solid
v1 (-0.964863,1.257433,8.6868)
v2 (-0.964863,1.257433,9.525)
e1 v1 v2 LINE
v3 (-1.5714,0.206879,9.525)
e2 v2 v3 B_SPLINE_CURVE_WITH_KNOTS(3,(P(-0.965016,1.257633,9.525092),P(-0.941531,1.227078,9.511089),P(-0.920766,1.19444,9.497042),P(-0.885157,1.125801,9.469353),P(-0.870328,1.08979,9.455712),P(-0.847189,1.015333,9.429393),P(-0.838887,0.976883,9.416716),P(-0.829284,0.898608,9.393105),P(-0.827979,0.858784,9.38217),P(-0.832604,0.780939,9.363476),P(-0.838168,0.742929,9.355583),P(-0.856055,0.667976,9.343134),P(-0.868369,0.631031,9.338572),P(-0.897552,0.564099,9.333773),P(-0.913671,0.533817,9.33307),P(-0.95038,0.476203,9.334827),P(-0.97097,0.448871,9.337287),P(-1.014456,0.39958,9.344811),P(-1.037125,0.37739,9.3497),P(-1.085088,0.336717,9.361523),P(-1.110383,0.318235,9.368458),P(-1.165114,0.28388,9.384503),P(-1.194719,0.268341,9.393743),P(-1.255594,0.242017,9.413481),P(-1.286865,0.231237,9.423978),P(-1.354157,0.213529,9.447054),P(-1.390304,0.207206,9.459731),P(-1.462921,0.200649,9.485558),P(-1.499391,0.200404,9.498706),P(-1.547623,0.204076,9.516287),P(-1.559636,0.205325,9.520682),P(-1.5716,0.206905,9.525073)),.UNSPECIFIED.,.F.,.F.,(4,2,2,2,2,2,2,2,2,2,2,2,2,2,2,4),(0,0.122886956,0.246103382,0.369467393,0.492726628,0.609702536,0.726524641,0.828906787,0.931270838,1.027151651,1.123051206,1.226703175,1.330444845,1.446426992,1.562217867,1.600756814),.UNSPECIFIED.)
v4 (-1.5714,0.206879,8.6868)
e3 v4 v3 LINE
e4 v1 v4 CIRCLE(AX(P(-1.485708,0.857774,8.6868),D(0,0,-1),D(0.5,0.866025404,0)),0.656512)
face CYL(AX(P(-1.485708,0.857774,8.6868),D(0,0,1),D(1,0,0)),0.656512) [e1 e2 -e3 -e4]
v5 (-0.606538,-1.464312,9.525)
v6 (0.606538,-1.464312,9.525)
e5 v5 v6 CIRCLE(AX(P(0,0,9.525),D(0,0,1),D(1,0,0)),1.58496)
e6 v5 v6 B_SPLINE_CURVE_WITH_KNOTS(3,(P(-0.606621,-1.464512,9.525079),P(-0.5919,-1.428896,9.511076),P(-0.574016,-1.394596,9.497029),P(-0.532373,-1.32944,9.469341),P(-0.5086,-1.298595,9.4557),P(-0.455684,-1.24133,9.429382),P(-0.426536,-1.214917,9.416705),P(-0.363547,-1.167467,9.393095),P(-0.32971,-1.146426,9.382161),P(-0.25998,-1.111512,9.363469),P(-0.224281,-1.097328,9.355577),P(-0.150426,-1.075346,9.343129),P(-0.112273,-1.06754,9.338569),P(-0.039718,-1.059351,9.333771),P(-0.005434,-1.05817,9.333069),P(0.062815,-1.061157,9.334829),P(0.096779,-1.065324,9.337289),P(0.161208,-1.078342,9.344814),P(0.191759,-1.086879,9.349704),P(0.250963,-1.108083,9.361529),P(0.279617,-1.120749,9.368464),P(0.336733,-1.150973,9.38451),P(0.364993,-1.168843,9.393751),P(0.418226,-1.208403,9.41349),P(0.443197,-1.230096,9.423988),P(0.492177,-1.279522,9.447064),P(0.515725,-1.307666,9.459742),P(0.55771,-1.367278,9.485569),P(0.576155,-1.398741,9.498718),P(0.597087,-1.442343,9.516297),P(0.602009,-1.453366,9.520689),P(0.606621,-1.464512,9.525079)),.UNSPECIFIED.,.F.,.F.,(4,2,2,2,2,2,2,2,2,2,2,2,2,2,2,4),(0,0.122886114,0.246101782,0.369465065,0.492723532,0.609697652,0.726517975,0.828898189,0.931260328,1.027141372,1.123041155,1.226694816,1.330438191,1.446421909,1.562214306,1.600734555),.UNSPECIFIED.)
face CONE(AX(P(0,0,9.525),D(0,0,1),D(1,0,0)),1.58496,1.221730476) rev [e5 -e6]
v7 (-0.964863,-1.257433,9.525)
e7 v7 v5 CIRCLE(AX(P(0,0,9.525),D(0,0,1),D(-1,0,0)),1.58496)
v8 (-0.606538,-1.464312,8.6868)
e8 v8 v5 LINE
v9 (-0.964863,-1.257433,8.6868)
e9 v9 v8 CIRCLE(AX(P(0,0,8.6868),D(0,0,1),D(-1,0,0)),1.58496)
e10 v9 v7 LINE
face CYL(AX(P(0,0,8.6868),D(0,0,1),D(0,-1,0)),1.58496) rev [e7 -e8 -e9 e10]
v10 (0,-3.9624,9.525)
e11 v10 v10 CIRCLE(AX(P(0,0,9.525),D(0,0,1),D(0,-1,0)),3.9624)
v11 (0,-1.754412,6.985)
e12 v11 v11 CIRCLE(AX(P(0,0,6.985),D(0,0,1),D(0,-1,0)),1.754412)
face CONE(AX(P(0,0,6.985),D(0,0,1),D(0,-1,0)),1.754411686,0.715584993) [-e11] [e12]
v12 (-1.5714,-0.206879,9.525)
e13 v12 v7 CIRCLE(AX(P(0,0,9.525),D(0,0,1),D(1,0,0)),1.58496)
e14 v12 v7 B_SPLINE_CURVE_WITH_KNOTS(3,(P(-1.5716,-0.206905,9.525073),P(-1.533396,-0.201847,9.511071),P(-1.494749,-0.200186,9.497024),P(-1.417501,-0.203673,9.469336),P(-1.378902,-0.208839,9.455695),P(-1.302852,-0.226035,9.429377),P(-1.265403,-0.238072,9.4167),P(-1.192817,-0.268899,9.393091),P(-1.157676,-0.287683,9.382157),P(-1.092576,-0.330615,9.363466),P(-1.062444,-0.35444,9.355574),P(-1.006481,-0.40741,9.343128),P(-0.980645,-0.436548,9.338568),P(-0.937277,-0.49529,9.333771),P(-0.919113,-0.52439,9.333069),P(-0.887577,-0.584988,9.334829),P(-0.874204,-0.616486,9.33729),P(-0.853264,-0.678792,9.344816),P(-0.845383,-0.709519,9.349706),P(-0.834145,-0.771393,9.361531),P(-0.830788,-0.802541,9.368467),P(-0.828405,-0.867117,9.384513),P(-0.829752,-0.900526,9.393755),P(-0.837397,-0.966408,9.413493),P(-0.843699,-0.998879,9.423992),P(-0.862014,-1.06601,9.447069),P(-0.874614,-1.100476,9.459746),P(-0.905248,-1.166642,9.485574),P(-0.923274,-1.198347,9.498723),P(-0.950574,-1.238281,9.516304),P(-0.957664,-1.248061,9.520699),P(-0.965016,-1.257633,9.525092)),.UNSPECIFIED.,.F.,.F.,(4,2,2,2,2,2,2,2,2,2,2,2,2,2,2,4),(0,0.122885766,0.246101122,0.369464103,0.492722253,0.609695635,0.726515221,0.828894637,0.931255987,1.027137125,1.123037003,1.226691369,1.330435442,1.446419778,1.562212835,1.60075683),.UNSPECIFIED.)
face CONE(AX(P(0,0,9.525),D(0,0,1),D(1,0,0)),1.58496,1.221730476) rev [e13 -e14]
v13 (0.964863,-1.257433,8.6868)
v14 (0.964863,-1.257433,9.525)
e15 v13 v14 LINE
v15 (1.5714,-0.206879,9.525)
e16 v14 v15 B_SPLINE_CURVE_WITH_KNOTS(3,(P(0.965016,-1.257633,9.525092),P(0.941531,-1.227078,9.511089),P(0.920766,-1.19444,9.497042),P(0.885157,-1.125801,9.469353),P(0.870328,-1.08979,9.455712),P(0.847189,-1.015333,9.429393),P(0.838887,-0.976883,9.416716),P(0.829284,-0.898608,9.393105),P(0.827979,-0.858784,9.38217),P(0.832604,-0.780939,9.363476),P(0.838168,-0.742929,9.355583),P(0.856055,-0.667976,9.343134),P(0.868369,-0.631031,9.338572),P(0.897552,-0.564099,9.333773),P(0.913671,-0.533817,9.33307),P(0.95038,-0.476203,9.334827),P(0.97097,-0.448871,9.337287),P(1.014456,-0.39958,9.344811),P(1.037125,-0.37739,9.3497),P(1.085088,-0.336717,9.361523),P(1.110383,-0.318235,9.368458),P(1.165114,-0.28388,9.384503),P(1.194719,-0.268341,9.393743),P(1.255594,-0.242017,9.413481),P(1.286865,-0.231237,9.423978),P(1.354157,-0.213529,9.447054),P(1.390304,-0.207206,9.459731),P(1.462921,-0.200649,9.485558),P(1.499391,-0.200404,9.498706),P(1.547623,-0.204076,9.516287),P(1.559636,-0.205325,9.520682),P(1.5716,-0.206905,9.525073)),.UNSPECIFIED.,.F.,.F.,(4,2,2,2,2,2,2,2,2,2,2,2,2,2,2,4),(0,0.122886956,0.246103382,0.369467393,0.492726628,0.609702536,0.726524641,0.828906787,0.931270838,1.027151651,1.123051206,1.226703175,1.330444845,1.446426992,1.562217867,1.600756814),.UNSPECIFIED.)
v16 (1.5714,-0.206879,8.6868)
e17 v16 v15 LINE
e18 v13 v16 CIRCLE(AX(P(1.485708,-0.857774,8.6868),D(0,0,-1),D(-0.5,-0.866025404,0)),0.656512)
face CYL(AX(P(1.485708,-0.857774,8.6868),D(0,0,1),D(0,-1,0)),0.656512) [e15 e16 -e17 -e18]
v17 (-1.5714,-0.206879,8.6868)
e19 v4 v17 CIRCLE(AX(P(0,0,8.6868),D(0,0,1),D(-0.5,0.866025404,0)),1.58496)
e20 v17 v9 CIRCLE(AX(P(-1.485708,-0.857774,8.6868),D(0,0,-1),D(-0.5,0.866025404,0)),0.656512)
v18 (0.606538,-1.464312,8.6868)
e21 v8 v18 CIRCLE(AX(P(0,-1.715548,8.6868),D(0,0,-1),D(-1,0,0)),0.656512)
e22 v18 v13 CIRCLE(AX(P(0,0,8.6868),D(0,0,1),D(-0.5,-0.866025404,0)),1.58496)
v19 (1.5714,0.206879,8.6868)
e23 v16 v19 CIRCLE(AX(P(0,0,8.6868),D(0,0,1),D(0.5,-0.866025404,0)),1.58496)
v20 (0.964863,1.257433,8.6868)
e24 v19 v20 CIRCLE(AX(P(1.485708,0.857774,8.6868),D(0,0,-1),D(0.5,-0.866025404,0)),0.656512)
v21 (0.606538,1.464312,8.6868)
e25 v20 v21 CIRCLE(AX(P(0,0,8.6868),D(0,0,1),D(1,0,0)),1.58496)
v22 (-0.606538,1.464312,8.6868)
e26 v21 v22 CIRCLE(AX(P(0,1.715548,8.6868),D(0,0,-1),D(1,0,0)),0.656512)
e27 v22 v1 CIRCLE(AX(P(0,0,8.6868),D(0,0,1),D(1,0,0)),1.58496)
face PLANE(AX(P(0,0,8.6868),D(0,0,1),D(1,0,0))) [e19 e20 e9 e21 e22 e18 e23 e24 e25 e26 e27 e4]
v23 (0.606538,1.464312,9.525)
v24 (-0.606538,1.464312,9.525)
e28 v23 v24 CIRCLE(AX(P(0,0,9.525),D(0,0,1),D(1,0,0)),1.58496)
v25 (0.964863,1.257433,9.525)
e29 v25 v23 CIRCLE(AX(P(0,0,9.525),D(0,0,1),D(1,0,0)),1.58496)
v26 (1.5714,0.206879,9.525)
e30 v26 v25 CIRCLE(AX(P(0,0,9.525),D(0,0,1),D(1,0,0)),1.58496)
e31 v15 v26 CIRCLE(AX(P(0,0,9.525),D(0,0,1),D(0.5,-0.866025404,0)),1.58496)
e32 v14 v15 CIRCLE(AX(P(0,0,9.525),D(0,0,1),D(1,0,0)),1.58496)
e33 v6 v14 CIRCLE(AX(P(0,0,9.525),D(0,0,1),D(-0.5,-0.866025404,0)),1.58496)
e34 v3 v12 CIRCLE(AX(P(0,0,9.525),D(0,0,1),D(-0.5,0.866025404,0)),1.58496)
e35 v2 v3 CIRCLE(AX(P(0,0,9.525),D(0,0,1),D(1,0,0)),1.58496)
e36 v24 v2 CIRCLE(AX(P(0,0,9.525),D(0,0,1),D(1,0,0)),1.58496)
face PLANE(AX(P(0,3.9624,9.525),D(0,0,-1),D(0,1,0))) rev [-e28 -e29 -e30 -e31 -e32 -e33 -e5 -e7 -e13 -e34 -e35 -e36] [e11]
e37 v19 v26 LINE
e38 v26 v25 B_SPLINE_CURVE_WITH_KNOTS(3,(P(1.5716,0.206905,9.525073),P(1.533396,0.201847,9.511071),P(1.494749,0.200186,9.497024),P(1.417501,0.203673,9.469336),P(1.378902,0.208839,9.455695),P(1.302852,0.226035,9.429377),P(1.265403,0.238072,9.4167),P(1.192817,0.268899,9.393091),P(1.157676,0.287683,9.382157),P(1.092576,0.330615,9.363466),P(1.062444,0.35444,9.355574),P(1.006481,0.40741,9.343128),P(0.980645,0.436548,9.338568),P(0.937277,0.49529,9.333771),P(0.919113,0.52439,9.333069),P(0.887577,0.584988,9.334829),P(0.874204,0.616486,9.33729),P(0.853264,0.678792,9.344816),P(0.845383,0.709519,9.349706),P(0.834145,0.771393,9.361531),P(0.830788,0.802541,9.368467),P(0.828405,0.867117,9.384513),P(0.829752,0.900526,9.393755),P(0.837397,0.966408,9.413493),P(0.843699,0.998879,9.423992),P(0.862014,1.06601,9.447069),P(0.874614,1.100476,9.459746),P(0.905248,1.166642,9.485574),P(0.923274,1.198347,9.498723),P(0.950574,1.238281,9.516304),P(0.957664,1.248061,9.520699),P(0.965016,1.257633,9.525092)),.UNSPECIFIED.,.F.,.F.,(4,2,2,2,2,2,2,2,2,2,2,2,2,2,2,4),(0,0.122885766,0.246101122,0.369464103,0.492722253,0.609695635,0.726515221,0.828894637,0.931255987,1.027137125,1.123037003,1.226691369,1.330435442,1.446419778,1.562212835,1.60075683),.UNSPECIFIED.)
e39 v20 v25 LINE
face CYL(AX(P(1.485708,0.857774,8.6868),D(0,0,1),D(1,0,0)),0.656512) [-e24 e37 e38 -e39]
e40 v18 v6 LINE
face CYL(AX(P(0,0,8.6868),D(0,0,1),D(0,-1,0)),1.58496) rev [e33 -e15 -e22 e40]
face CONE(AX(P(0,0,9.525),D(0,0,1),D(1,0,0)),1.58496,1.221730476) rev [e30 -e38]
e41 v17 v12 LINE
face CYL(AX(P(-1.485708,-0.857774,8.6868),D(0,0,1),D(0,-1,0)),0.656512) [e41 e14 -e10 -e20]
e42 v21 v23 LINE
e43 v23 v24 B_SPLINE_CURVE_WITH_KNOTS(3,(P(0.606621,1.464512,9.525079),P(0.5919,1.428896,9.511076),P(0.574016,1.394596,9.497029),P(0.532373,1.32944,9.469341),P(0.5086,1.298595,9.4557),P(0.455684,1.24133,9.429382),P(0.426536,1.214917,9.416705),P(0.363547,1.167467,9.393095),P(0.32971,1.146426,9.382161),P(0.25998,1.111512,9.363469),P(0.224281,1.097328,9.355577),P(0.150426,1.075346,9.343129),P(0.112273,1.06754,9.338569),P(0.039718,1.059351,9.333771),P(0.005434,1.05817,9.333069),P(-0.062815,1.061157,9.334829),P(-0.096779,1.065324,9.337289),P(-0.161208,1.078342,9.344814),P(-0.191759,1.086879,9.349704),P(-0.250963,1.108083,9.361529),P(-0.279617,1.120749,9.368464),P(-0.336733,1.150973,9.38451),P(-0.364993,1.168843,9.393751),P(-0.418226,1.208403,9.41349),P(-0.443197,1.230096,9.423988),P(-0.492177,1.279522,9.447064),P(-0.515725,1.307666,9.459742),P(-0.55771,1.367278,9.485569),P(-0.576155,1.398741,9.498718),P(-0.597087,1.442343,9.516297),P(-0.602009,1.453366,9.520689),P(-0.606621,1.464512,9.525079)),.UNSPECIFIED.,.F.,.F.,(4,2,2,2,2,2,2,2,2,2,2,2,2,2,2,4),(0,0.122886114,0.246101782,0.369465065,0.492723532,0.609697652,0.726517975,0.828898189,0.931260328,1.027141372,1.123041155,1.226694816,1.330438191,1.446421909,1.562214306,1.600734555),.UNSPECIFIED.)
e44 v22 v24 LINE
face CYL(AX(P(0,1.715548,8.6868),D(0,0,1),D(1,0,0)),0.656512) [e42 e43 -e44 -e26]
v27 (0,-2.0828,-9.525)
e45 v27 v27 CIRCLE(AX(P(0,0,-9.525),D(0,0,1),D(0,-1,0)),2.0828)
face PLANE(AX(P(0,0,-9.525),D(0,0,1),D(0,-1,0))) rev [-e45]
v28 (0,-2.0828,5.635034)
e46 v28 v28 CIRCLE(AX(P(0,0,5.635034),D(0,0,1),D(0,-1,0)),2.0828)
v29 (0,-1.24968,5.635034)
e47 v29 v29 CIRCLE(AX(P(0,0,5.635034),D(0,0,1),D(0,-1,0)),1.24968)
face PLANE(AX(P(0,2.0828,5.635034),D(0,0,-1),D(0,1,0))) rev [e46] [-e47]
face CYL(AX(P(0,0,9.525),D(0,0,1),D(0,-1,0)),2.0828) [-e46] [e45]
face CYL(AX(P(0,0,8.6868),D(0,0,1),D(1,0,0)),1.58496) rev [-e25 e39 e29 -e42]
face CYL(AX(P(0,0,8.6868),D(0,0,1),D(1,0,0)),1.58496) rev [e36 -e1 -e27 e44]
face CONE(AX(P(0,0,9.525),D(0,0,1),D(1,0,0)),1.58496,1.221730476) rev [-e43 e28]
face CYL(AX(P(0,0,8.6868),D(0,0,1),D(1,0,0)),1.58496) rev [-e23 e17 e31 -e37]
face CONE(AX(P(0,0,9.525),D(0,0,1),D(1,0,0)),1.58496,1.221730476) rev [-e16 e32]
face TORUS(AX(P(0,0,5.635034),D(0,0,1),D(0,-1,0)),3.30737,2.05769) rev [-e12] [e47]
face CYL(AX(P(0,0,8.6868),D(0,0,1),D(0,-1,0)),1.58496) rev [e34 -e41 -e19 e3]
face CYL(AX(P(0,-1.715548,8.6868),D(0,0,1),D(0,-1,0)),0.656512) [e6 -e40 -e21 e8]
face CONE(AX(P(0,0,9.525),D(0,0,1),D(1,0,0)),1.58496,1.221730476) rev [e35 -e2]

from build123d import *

# Parameters (mm, degrees)
CUT_EXTRUDE14_DEPTH = 0.8382
CIRPATTERN1_COUNT   = 6


with BuildPart() as part:
    # Sketch3 → Revolve1 (revolve)
    with BuildSketch(Plane(origin=(0, 0, 0), x_dir=(0, 0, -1), z_dir=(1, 0, 0)), mode=Mode.PRIVATE) as revolve1_sk:
        with BuildLine():
            Line((-5.635033784, 2.0828), (-5.635033784, 1.24968))
            ThreePointArc((-5.635033784, 1.24968), (-6.355652071, 1.379989014), (-6.985, 1.754411686))
            Line((-6.985, 1.754411686), (-9.525, 3.9624))
            Line((-9.525, 3.9624), (-9.525, 0))
            Line((-9.525, 0), (9.525, 0))
            Line((9.525, 0), (9.525, 2.0828))
            Line((9.525, 2.0828), (-5.635033784, 2.0828))
        make_face()
    revolve(revolve1_sk.sketch.rotate(Axis((0, 0, 9.525), (0, 0, -1)), 180), axis=Axis((0, 0, 9.525), (0, 0, -1)))

    # Sketch21 → Cut-Extrude14 (cut)
    with BuildSketch(Plane.XY.offset(9.525)):
        with BuildLine():
            Line((0, 0), (-0.79248, 1.372615624))
            ThreePointArc((-0.79248, 1.372615624), (-0.701009882, 1.42150742), (-0.606537933, 1.464312104))
            ThreePointArc((-0.606537933, 1.464312104), (0, 1.059036414), (0.606537933, 1.464312104))
            ThreePointArc((0.606537933, 1.464312104), (0.701009882, 1.42150742), (0.79248, 1.372615624))
            Line((0.79248, 1.372615624), (0, 0))
        make_face()
    cut_extrude14 = extrude(amount=-CUT_EXTRUDE14_DEPTH, mode=Mode.SUBTRACT)

    # CirPattern1: Cut-Extrude14 ×6 about axis
    cirpattern1_axis = Axis((0, 0, 0), (0, 0, 1))
    for i in range(1, CIRPATTERN1_COUNT):
        add(cut_extrude14.rotate(cirpattern1_axis, i * 360 / CIRPATTERN1_COUNT), mode=Mode.SUBTRACT)

    # Cut-Extrude15 cone 1 section (through the dimple's axis) → Cut-Extrude15 (revolve, cut)
    with BuildSketch(Plane(origin=(0, 0, 9.525), x_dir=(0, -1, 0), z_dir=(1, 0, 0))):
        Polygon((0, 0), (1.58496, 0), (0, 0.576878263), align=None)
    revolve(axis=Axis((0, 0, 9.525), (0, 0, -1)), mode=Mode.SUBTRACT)


solid = part.part
